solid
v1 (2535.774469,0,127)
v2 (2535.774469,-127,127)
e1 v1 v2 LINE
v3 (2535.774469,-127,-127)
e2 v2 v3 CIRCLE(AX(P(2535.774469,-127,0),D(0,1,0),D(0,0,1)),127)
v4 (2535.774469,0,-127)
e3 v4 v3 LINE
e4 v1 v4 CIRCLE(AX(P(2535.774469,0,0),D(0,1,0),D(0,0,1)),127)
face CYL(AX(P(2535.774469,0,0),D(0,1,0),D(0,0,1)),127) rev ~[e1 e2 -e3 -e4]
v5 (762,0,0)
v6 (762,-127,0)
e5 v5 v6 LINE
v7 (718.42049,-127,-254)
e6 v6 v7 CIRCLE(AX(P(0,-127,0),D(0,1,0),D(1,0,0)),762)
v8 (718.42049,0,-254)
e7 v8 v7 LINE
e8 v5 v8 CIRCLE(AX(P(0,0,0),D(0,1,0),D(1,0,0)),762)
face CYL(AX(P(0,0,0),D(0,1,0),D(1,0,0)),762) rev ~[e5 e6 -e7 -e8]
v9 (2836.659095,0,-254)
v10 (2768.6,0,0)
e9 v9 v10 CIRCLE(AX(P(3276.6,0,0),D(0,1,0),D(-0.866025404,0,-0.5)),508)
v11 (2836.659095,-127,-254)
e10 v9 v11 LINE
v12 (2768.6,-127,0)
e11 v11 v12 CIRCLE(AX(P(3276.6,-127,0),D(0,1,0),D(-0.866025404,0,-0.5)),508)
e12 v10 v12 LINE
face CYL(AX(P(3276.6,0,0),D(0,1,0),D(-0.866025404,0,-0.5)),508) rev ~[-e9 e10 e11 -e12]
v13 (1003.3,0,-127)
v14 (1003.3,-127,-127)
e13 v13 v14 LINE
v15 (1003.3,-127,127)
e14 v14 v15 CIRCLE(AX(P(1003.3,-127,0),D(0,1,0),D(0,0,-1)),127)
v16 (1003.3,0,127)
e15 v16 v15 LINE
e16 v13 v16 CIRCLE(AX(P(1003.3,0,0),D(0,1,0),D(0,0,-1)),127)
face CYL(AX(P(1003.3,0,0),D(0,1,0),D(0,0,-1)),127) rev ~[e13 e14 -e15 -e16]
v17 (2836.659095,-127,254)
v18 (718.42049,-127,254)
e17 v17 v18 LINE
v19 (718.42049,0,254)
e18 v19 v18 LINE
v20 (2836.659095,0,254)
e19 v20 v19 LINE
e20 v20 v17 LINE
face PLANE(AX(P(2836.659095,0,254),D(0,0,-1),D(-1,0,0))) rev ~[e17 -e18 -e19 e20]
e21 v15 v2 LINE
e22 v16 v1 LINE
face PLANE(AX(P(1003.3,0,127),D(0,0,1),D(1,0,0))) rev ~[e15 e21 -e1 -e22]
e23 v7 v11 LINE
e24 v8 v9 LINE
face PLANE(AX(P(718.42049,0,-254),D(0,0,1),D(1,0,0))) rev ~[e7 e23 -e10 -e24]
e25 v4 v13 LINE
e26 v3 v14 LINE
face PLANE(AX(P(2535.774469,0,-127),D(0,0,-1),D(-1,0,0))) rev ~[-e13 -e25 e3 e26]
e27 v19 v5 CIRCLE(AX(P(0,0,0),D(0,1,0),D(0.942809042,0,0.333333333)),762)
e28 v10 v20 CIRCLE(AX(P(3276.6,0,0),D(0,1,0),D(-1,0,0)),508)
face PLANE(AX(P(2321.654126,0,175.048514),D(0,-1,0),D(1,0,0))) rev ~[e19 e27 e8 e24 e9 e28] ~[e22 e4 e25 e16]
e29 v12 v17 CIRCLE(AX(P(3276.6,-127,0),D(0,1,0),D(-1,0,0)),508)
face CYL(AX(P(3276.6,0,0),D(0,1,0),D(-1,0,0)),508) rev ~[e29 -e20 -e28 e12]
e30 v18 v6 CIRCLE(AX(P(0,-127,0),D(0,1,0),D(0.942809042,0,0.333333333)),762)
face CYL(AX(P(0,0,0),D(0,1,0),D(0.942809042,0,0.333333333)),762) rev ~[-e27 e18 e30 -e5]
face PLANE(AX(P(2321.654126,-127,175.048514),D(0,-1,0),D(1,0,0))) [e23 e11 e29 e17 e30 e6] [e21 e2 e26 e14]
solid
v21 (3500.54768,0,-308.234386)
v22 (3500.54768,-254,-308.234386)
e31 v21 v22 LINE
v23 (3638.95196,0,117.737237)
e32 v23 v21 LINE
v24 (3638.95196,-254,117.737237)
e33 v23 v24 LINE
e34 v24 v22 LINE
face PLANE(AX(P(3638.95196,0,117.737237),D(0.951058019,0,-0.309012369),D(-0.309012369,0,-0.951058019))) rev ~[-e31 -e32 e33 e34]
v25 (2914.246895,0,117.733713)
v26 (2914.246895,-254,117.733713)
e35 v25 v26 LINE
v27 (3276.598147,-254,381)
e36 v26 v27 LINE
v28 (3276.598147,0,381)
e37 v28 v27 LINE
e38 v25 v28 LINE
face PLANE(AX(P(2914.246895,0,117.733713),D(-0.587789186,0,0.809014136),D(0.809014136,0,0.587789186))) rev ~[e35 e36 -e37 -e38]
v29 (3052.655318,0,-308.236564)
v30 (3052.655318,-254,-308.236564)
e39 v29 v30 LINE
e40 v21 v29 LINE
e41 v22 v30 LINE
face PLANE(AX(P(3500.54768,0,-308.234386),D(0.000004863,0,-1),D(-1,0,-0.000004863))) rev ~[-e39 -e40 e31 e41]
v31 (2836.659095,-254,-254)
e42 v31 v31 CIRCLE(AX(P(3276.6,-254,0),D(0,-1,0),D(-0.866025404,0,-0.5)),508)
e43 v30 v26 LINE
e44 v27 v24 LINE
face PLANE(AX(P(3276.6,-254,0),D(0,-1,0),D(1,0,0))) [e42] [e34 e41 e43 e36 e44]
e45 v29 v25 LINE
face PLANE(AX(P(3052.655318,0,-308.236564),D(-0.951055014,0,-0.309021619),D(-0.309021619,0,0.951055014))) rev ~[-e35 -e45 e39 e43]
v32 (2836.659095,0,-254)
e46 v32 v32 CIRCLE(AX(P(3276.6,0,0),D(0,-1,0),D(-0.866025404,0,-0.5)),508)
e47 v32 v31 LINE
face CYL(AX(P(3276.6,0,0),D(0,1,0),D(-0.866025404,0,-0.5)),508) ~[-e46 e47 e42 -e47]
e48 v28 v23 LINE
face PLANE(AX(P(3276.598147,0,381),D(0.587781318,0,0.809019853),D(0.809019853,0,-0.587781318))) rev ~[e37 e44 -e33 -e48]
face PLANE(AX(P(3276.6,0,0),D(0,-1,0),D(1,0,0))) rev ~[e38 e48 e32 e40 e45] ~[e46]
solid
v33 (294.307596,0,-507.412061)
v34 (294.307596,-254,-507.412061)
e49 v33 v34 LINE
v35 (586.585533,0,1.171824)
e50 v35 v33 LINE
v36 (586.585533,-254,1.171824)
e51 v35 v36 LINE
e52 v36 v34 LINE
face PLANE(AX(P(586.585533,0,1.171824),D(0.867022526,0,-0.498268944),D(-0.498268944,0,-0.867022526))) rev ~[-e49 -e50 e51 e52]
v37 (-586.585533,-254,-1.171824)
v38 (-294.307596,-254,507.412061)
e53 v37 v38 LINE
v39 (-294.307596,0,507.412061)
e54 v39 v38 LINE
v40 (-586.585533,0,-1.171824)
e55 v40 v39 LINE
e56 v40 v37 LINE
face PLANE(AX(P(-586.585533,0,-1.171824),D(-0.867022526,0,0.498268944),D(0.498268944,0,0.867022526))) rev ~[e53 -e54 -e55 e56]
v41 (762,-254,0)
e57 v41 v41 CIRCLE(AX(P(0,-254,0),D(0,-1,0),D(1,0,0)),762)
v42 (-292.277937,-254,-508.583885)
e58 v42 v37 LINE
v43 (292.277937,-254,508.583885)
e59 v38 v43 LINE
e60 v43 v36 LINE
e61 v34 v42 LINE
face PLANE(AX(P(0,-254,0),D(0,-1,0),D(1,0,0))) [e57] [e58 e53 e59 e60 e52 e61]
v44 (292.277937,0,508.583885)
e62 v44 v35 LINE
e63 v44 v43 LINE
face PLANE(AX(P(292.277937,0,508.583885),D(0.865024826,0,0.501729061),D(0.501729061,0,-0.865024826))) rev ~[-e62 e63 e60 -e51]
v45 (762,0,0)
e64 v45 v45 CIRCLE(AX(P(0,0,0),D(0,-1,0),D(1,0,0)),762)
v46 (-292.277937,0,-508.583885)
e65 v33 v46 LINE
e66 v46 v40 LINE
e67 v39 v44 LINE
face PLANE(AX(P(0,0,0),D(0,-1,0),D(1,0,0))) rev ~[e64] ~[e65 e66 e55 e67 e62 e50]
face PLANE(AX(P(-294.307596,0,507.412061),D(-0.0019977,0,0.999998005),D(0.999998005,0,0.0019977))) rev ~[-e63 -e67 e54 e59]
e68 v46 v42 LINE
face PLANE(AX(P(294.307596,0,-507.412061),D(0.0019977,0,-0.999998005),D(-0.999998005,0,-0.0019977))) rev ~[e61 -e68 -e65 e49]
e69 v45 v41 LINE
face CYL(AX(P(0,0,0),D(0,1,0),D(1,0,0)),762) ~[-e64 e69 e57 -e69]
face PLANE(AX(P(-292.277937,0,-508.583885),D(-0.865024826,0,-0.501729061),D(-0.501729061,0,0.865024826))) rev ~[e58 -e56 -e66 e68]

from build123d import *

# Parameters (mm, degrees)
F1_DEPTH = 254
F2_DEPTH = 127


with BuildPart() as f1:
    # F0 (on Front) → F1 (new body)
    with BuildSketch(Plane.XZ):
        with BuildLine():
            ThreePointArc((718.4204896855, -254), (751.026102456, -128.855707789), (762, 0))
            ThreePointArc((762, 0), (751.026102456, 128.855707789), (718.4204896855, 254))
            ThreePointArc((718.4204896855, 254), (-762, 0), (718.4204896855, -254))
        make_face()
        Polygon((0, 508), (292.2779368052, 508.5838847358), (586.5855325392, 1.1718241289), (294.307595734, -507.4120606069), (-292.2779368052, -508.5838847358), (-586.5855325392, -1.1718241289), (-294.307595734, 507.4120606069), align=None, mode=Mode.SUBTRACT)
    extrude(amount=F1_DEPTH)


with BuildPart() as f1b:
    # F0 (on Front) → F1, piece 2 (new body)
    with BuildSketch(Plane.XZ):
        with BuildLine():
            ThreePointArc((3784.6, 0), (3408.0800749121, 490.6903197548), (2836.6590948775, 254))
            ThreePointArc((2836.6590948775, 254), (2785.9096802452, 131.4800749121), (2768.6, 0))
            ThreePointArc((2768.6, 0), (2785.9096802452, -131.4800749121), (2836.6590948775, -254))
            ThreePointArc((2836.6590948775, -254), (3408.0800749121, -490.6903197548), (3784.6, 0))
        make_face()
        Polygon((3052.6553178068, -308.2365638878), (2914.2468947565, 117.7337127604), (3276.5981472237, 380.9999999955), (3638.9519601648, 117.7372369505), (3500.5476800483, -308.2343858186), align=None, mode=Mode.SUBTRACT)
    extrude(amount=F1_DEPTH)


with BuildPart() as f2:
    # F0 (on Front) → F2 (new body)
    with BuildSketch(Plane.XZ):
        with BuildLine():
            Line((2836.6590948775, 254), (1765.3, 254))
            Line((1765.3, 254), (1765.3, 127))
            Line((1765.3, 127), (2535.7744693756, 127))
            ThreePointArc((2535.7744693756, 127), (2625.5770305863, 89.8025612107), (2662.7744693756, 0))
            Line((2662.7744693756, 0), (2756.9261211395, 0))
            Line((2756.9261211395, 0), (2768.6, 0))
            ThreePointArc((2768.6, 0), (2785.9096802452, 131.4800749121), (2836.6590948775, 254))
        make_face()
        with BuildLine():
            ThreePointArc((718.4204896855, 254), (751.026102456, 128.855707789), (762, 0))
            Line((762, 0), (876.3, 0))
            ThreePointArc((876.3, 0), (913.4974387893, 89.8025612107), (1003.3, 127))
            Line((1003.3, 127), (1765.3, 127))
            Line((1765.3, 127), (1765.3, 254))
            Line((1765.3, 254), (718.4204896855, 254))
        make_face()
        with BuildLine():
            Line((876.3, 0), (762, 0))
            ThreePointArc((762, 0), (751.026102456, -128.855707789), (718.4204896855, -254))
            Line((718.4204896855, -254), (1765.3, -254))
            Line((1765.3, -254), (2836.6590948775, -254))
            ThreePointArc((2836.6590948775, -254), (2785.9096802452, -131.4800749121), (2768.6, 0))
            Line((2768.6, 0), (2756.9261211395, 0))
            Line((2756.9261211395, 0), (2662.7744693756, 0))
            ThreePointArc((2662.7744693756, 0), (2625.5770305863, -89.8025612107), (2535.7744693756, -127))
            Line((2535.7744693756, -127), (1003.3, -127))
            ThreePointArc((1003.3, -127), (913.4974387893, -89.8025612107), (876.3, 0))
        make_face()
    extrude(amount=F2_DEPTH)


solid = Compound([f1.part, f1b.part, f2.part])
